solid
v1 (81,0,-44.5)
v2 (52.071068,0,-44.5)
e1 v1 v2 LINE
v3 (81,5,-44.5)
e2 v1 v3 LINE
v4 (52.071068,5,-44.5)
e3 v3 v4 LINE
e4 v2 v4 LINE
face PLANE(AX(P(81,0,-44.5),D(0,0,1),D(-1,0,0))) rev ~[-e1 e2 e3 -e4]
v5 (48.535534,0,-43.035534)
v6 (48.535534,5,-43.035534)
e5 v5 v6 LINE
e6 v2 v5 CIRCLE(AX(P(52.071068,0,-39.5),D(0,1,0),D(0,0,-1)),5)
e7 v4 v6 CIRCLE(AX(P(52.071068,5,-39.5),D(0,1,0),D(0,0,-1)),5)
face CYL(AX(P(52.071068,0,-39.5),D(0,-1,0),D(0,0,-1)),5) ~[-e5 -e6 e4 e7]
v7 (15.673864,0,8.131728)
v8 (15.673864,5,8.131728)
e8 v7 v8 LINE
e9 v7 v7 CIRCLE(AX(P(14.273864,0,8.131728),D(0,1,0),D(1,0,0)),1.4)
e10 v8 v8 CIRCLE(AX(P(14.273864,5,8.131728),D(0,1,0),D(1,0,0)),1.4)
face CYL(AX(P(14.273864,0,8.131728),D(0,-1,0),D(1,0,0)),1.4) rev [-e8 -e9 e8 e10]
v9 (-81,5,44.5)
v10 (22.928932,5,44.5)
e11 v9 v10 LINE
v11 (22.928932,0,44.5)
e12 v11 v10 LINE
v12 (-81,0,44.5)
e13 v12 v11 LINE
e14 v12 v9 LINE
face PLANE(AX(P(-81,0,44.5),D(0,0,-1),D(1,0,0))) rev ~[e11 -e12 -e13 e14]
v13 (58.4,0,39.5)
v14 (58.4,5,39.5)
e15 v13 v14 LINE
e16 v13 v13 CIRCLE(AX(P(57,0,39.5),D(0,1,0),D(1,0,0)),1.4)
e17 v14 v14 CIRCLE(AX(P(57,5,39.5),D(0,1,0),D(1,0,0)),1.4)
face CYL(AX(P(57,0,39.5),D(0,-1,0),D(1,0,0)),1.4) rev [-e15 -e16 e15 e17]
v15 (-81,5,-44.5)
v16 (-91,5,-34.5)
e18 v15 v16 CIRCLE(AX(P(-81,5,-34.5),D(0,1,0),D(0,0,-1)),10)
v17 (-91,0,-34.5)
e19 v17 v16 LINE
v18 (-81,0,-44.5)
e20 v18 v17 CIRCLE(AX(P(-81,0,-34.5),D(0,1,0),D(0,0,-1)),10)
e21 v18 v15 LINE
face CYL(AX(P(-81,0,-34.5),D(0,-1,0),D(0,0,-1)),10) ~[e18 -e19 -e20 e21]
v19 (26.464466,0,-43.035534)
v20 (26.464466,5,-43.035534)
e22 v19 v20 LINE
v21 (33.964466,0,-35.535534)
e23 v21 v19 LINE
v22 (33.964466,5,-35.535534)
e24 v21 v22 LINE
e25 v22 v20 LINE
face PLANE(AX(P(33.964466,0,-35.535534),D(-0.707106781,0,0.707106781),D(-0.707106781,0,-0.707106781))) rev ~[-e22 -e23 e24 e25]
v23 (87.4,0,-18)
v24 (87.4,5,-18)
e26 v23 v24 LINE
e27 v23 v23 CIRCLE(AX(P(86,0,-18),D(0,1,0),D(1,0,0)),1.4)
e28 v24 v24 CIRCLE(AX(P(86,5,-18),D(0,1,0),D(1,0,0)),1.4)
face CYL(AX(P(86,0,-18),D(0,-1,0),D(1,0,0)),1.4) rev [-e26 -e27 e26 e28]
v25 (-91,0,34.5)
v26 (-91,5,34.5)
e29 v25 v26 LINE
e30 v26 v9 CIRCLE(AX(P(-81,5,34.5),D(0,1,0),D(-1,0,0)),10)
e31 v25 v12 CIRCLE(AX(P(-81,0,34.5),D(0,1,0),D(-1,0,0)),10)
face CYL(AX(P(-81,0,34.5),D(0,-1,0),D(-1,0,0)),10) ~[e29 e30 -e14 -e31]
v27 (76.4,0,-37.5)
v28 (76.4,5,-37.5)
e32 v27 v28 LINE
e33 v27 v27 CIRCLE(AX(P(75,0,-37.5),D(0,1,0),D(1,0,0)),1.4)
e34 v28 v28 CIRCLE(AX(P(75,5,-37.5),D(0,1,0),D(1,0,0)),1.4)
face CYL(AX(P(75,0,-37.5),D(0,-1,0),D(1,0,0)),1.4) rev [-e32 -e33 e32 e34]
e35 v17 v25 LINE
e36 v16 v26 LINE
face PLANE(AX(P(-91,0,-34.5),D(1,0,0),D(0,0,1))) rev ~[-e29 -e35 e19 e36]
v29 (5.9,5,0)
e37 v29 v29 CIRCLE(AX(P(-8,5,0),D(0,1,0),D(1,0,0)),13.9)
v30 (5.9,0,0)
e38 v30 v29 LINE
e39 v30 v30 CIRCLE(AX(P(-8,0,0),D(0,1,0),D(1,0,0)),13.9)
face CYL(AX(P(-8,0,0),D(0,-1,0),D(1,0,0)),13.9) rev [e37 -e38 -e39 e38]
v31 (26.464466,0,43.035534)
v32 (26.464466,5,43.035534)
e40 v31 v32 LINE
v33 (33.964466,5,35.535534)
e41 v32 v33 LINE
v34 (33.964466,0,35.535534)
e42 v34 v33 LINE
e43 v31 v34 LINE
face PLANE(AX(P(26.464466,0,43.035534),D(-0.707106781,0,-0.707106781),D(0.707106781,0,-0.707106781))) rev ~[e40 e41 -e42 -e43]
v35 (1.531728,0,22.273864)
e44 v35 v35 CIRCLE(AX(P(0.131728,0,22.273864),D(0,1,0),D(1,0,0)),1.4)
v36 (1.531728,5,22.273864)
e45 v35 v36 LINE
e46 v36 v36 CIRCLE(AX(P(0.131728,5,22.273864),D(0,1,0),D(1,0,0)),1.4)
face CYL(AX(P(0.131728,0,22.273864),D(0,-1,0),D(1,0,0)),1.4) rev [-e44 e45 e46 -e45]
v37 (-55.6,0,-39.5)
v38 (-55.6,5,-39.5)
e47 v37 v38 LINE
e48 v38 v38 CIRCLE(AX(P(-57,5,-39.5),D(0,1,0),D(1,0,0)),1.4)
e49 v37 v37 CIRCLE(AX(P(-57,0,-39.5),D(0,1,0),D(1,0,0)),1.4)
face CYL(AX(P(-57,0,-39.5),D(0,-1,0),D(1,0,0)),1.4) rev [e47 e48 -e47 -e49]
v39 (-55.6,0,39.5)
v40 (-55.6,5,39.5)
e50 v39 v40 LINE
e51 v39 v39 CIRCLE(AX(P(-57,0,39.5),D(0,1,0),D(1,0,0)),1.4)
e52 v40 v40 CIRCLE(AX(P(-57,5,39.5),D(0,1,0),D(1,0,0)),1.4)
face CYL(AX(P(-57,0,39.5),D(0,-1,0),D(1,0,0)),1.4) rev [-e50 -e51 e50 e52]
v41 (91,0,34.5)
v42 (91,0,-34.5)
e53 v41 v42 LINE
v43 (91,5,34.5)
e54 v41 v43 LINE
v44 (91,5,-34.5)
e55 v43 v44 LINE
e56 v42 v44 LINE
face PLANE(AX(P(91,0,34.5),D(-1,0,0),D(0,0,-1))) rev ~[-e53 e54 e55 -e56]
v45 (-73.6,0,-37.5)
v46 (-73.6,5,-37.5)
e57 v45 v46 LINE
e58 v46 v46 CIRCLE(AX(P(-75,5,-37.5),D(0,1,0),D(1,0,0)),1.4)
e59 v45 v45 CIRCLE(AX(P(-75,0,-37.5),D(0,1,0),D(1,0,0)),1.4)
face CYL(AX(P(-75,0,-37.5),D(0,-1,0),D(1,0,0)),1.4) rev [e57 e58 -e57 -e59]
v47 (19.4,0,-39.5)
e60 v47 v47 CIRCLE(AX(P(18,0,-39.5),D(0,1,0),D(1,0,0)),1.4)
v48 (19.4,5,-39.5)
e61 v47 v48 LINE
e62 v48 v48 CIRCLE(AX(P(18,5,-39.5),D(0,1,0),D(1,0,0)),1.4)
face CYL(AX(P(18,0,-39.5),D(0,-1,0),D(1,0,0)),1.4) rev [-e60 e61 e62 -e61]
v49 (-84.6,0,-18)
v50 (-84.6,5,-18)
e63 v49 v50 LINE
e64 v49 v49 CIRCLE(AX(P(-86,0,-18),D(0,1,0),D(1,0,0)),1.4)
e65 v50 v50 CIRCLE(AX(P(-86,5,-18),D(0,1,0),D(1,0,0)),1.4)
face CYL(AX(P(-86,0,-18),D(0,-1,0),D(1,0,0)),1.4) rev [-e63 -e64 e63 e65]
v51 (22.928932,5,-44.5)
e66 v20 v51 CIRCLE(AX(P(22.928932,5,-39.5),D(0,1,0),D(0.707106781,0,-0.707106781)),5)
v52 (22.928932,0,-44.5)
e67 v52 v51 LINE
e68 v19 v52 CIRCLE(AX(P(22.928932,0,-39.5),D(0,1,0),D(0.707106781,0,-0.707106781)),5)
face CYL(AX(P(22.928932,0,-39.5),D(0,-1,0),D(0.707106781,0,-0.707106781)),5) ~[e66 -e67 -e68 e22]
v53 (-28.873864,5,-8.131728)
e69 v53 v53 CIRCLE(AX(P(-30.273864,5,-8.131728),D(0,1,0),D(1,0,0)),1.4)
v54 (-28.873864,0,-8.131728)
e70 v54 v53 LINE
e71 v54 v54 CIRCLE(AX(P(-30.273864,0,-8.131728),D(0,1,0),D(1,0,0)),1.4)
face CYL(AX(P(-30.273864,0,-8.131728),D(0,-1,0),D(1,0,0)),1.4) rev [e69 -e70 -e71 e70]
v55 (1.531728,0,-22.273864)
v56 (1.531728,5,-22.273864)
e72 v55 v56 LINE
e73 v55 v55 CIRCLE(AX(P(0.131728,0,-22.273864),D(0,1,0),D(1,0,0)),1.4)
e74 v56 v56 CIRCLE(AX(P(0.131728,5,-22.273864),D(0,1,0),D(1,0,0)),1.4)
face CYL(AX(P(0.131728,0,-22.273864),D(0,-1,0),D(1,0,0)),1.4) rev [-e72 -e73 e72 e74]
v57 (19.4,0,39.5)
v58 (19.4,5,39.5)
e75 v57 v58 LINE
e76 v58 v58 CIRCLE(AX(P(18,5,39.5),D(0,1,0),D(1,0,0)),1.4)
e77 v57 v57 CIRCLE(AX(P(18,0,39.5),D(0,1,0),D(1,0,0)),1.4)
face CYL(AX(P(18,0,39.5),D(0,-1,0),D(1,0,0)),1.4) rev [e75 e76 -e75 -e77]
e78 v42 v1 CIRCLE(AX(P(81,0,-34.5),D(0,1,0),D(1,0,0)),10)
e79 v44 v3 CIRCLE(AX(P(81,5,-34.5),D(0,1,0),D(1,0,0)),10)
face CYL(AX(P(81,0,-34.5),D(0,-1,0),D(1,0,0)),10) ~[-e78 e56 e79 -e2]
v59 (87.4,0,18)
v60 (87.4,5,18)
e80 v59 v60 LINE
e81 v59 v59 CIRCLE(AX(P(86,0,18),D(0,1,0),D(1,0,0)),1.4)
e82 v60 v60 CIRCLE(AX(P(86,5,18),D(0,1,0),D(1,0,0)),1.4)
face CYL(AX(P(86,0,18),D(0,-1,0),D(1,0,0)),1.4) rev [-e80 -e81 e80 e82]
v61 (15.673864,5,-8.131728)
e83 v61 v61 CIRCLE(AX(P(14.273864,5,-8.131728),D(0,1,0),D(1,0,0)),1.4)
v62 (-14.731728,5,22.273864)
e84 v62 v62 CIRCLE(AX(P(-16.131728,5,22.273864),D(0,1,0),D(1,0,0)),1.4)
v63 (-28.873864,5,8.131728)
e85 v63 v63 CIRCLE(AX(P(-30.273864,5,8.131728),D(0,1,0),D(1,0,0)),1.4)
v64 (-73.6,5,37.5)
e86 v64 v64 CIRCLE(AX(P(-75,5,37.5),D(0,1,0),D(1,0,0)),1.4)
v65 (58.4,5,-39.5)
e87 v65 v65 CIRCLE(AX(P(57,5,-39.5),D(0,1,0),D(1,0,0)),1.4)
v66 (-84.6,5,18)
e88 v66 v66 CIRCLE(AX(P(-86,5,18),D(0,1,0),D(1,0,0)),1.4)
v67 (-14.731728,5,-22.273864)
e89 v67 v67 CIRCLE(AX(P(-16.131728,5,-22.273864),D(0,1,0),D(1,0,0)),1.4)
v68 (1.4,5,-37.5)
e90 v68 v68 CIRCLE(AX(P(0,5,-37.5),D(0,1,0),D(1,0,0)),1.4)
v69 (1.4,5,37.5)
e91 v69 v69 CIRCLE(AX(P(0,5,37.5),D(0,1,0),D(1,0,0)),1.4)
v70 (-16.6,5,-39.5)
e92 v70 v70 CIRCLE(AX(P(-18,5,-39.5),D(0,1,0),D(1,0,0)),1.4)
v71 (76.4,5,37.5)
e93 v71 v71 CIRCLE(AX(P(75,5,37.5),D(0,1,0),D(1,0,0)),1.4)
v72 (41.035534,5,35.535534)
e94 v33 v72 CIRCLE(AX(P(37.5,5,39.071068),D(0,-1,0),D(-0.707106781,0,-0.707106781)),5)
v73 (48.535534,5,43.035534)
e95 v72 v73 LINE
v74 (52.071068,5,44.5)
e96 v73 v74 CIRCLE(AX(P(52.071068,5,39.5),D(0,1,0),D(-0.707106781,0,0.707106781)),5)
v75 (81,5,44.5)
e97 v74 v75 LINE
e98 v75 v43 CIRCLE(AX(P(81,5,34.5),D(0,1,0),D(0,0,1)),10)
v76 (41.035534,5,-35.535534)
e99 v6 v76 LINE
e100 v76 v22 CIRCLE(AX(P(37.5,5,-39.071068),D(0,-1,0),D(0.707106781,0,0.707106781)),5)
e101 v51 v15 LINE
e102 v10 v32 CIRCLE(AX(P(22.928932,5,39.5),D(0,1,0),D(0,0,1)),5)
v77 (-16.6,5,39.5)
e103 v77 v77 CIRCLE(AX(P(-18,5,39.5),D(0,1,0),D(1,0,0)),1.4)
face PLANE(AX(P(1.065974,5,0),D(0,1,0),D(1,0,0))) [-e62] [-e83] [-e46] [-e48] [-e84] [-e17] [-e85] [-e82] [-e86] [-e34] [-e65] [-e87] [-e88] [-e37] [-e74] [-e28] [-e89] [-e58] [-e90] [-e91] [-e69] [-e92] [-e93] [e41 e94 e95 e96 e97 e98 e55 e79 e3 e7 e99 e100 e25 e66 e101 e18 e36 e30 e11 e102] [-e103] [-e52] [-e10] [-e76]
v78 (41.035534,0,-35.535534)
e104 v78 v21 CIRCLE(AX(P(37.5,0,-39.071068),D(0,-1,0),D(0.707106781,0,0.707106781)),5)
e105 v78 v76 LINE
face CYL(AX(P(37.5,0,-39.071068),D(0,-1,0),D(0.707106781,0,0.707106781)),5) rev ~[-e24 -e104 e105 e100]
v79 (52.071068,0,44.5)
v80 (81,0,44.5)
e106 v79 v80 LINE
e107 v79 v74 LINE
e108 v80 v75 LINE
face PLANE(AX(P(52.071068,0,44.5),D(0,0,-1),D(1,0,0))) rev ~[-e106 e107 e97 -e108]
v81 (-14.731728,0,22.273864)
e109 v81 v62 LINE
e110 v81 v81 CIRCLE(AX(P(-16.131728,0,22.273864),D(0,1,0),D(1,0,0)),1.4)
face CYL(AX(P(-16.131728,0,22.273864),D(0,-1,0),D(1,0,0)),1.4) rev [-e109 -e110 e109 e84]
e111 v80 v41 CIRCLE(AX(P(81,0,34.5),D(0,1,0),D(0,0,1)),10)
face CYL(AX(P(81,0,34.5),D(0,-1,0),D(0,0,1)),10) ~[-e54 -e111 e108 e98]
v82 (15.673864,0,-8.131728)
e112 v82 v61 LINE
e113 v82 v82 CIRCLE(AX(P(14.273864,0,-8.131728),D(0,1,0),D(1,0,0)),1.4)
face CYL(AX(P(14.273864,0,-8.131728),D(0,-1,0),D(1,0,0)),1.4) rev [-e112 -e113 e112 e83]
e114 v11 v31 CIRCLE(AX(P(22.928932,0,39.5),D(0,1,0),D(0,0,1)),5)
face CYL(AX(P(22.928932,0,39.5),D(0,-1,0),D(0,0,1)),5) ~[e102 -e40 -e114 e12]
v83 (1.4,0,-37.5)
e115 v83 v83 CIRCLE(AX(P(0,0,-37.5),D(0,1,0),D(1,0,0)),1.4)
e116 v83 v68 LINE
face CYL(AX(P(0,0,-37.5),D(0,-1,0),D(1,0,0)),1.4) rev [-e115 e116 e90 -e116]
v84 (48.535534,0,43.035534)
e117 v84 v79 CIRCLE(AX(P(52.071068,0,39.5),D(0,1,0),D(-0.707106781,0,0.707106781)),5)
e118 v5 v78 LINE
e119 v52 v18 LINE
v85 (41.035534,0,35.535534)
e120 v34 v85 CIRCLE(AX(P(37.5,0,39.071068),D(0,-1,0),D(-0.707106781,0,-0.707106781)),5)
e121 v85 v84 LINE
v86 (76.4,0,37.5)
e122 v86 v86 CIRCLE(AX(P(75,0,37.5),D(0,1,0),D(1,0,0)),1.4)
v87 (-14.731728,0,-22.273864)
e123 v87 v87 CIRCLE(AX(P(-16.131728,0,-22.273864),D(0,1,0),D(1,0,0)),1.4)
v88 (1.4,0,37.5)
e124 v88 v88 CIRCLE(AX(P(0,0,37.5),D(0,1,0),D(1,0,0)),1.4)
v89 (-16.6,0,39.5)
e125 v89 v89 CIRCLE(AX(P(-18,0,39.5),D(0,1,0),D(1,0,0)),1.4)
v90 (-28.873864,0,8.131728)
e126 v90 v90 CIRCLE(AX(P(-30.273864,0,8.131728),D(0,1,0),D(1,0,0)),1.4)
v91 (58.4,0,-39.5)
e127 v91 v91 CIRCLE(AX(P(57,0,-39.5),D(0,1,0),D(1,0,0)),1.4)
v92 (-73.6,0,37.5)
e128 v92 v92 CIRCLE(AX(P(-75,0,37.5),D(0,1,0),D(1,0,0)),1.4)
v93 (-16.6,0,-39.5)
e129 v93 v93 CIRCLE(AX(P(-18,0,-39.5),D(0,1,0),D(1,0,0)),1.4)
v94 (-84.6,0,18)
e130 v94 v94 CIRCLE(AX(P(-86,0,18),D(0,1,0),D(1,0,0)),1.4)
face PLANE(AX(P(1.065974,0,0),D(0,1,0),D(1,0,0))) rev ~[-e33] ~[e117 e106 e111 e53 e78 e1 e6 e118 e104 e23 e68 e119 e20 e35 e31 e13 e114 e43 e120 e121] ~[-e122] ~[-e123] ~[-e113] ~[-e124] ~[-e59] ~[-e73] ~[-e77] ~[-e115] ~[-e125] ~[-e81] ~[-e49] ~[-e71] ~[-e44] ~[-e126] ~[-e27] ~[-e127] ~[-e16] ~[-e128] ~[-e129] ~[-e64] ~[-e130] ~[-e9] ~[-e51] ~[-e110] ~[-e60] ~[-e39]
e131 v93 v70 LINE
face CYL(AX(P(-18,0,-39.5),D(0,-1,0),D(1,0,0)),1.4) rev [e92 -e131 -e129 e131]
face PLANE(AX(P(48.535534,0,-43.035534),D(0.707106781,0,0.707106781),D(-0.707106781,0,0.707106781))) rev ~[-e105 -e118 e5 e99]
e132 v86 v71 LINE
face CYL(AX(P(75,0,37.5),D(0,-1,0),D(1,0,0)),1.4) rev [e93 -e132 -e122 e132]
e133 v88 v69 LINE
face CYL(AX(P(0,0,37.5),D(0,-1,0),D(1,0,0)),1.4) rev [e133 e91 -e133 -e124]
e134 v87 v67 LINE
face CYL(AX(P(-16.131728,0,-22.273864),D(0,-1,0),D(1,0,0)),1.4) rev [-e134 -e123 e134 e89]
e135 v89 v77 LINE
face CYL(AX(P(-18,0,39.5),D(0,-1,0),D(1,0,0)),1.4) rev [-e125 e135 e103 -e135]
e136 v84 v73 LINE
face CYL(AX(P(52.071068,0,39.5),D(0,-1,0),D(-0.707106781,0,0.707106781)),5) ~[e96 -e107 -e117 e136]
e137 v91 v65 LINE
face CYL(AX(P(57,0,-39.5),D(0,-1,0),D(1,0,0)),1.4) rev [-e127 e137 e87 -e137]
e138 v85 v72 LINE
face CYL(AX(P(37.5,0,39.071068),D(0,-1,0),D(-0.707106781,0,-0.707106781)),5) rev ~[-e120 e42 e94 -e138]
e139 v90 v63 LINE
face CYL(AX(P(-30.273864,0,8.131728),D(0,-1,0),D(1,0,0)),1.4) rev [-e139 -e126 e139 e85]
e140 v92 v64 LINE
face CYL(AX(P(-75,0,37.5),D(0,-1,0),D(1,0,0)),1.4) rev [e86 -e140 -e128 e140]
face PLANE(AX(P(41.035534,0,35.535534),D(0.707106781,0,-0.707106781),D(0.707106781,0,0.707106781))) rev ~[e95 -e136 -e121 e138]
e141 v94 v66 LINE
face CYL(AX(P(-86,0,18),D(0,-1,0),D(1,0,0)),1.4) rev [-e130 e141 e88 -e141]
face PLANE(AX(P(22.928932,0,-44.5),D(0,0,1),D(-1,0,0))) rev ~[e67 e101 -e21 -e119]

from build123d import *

# Parameters (mm, degrees)
SKETCH1_R           = 13.9
SKETCH1_R_2         = 1.4
BOSS_EXTRUDE1_DEPTH = 5


with BuildPart() as part:
    # Sketch1 → Boss-Extrude1 (new body)
    with BuildSketch(Plane(origin=(0, 0, 0), x_dir=(1, 0, 0), z_dir=(0, 1, 0))):
        with BuildLine():
            Line((26.464466094, -43.035533906), (33.964466094, -35.535533906))
            ThreePointArc((33.964466094, -35.535533906), (37.5, -34.071067812), (41.035533906, -35.535533906))
            Line((41.035533906, -35.535533906), (48.535533906, -43.035533906))
            ThreePointArc((48.535533906, -43.035533906), (50.15765065, -44.119397663), (52.071067812, -44.5))
            Line((52.071067812, -44.5), (81, -44.5))
            ThreePointArc((81, -44.5), (88.071067812, -41.571067812), (91, -34.5))
            Line((91, -34.5), (91, 34.5))
            ThreePointArc((91, 34.5), (88.071067812, 41.571067812), (81, 44.5))
            Line((81, 44.5), (52.071067812, 44.5))
            ThreePointArc((52.071067812, 44.5), (50.15765065, 44.119397663), (48.535533906, 43.035533906))
            Line((48.535533906, 43.035533906), (41.035533906, 35.535533906))
            ThreePointArc((41.035533906, 35.535533906), (37.5, 34.071067812), (33.964466094, 35.535533906))
            Line((33.964466094, 35.535533906), (26.464466094, 43.035533906))
            ThreePointArc((26.464466094, 43.035533906), (24.84234935, 44.119397663), (22.928932188, 44.5))
            Line((22.928932188, 44.5), (-81, 44.5))
            ThreePointArc((-81, 44.5), (-88.071067812, 41.571067812), (-91, 34.5))
            Line((-91, 34.5), (-91, -34.5))
            ThreePointArc((-91, -34.5), (-88.071067812, -41.571067812), (-81, -44.5))
            Line((-81, -44.5), (22.928932188, -44.5))
            ThreePointArc((22.928932188, -44.5), (24.84234935, -44.119397663), (26.464466094, -43.035533906))
        make_face()
        with Locations((-8, 0)):
            Circle(SKETCH1_R, mode=Mode.SUBTRACT)
        with Locations((-30.273863607, 8.131727984)):
            Circle(SKETCH1_R_2, mode=Mode.SUBTRACT)
        with Locations((-16.131727984, 22.273863607)):
            Circle(SKETCH1_R_2, mode=Mode.SUBTRACT)
        with Locations((0.131727984, 22.273863607)):
            Circle(SKETCH1_R_2, mode=Mode.SUBTRACT)
        with Locations((14.273863607, 8.131727984)):
            Circle(SKETCH1_R_2, mode=Mode.SUBTRACT)
        with Locations((14.273863607, -8.131727984)):
            Circle(SKETCH1_R_2, mode=Mode.SUBTRACT)
        with Locations((0.131727984, -22.273863607)):
            Circle(SKETCH1_R_2, mode=Mode.SUBTRACT)
        with Locations((-16.131727984, -22.273863607)):
            Circle(SKETCH1_R_2, mode=Mode.SUBTRACT)
        with Locations((-30.273863607, -8.131727984)):
            Circle(SKETCH1_R_2, mode=Mode.SUBTRACT)
        with Locations((-75, -37.5)):
            Circle(SKETCH1_R_2, mode=Mode.SUBTRACT)
        with Locations((-57, -39.5)):
            Circle(SKETCH1_R_2, mode=Mode.SUBTRACT)
        with Locations((-18, -39.5)):
            Circle(SKETCH1_R_2, mode=Mode.SUBTRACT)
        with Locations((0, -37.5)):
            Circle(SKETCH1_R_2, mode=Mode.SUBTRACT)
        with Locations((18, -39.5)):
            Circle(SKETCH1_R_2, mode=Mode.SUBTRACT)
        with Locations((57, -39.5)):
            Circle(SKETCH1_R_2, mode=Mode.SUBTRACT)
        with Locations((75, -37.5)):
            Circle(SKETCH1_R_2, mode=Mode.SUBTRACT)
        with Locations((86, -18)):
            Circle(SKETCH1_R_2, mode=Mode.SUBTRACT)
        with Locations((86, 18)):
            Circle(SKETCH1_R_2, mode=Mode.SUBTRACT)
        with Locations((75, 37.5)):
            Circle(SKETCH1_R_2, mode=Mode.SUBTRACT)
        with Locations((57, 39.5)):
            Circle(SKETCH1_R_2, mode=Mode.SUBTRACT)
        with Locations((18, 39.5)):
            Circle(SKETCH1_R_2, mode=Mode.SUBTRACT)
        with Locations((0, 37.5)):
            Circle(SKETCH1_R_2, mode=Mode.SUBTRACT)
        with Locations((-18, 39.5)):
            Circle(SKETCH1_R_2, mode=Mode.SUBTRACT)
        with Locations((-57, 39.5)):
            Circle(SKETCH1_R_2, mode=Mode.SUBTRACT)
        with Locations((-75, 37.5)):
            Circle(SKETCH1_R_2, mode=Mode.SUBTRACT)
        with Locations((-86, 18)):
            Circle(SKETCH1_R_2, mode=Mode.SUBTRACT)
        with Locations((-86, -18)):
            Circle(SKETCH1_R_2, mode=Mode.SUBTRACT)
    extrude(amount=BOSS_EXTRUDE1_DEPTH)


solid = part.part
